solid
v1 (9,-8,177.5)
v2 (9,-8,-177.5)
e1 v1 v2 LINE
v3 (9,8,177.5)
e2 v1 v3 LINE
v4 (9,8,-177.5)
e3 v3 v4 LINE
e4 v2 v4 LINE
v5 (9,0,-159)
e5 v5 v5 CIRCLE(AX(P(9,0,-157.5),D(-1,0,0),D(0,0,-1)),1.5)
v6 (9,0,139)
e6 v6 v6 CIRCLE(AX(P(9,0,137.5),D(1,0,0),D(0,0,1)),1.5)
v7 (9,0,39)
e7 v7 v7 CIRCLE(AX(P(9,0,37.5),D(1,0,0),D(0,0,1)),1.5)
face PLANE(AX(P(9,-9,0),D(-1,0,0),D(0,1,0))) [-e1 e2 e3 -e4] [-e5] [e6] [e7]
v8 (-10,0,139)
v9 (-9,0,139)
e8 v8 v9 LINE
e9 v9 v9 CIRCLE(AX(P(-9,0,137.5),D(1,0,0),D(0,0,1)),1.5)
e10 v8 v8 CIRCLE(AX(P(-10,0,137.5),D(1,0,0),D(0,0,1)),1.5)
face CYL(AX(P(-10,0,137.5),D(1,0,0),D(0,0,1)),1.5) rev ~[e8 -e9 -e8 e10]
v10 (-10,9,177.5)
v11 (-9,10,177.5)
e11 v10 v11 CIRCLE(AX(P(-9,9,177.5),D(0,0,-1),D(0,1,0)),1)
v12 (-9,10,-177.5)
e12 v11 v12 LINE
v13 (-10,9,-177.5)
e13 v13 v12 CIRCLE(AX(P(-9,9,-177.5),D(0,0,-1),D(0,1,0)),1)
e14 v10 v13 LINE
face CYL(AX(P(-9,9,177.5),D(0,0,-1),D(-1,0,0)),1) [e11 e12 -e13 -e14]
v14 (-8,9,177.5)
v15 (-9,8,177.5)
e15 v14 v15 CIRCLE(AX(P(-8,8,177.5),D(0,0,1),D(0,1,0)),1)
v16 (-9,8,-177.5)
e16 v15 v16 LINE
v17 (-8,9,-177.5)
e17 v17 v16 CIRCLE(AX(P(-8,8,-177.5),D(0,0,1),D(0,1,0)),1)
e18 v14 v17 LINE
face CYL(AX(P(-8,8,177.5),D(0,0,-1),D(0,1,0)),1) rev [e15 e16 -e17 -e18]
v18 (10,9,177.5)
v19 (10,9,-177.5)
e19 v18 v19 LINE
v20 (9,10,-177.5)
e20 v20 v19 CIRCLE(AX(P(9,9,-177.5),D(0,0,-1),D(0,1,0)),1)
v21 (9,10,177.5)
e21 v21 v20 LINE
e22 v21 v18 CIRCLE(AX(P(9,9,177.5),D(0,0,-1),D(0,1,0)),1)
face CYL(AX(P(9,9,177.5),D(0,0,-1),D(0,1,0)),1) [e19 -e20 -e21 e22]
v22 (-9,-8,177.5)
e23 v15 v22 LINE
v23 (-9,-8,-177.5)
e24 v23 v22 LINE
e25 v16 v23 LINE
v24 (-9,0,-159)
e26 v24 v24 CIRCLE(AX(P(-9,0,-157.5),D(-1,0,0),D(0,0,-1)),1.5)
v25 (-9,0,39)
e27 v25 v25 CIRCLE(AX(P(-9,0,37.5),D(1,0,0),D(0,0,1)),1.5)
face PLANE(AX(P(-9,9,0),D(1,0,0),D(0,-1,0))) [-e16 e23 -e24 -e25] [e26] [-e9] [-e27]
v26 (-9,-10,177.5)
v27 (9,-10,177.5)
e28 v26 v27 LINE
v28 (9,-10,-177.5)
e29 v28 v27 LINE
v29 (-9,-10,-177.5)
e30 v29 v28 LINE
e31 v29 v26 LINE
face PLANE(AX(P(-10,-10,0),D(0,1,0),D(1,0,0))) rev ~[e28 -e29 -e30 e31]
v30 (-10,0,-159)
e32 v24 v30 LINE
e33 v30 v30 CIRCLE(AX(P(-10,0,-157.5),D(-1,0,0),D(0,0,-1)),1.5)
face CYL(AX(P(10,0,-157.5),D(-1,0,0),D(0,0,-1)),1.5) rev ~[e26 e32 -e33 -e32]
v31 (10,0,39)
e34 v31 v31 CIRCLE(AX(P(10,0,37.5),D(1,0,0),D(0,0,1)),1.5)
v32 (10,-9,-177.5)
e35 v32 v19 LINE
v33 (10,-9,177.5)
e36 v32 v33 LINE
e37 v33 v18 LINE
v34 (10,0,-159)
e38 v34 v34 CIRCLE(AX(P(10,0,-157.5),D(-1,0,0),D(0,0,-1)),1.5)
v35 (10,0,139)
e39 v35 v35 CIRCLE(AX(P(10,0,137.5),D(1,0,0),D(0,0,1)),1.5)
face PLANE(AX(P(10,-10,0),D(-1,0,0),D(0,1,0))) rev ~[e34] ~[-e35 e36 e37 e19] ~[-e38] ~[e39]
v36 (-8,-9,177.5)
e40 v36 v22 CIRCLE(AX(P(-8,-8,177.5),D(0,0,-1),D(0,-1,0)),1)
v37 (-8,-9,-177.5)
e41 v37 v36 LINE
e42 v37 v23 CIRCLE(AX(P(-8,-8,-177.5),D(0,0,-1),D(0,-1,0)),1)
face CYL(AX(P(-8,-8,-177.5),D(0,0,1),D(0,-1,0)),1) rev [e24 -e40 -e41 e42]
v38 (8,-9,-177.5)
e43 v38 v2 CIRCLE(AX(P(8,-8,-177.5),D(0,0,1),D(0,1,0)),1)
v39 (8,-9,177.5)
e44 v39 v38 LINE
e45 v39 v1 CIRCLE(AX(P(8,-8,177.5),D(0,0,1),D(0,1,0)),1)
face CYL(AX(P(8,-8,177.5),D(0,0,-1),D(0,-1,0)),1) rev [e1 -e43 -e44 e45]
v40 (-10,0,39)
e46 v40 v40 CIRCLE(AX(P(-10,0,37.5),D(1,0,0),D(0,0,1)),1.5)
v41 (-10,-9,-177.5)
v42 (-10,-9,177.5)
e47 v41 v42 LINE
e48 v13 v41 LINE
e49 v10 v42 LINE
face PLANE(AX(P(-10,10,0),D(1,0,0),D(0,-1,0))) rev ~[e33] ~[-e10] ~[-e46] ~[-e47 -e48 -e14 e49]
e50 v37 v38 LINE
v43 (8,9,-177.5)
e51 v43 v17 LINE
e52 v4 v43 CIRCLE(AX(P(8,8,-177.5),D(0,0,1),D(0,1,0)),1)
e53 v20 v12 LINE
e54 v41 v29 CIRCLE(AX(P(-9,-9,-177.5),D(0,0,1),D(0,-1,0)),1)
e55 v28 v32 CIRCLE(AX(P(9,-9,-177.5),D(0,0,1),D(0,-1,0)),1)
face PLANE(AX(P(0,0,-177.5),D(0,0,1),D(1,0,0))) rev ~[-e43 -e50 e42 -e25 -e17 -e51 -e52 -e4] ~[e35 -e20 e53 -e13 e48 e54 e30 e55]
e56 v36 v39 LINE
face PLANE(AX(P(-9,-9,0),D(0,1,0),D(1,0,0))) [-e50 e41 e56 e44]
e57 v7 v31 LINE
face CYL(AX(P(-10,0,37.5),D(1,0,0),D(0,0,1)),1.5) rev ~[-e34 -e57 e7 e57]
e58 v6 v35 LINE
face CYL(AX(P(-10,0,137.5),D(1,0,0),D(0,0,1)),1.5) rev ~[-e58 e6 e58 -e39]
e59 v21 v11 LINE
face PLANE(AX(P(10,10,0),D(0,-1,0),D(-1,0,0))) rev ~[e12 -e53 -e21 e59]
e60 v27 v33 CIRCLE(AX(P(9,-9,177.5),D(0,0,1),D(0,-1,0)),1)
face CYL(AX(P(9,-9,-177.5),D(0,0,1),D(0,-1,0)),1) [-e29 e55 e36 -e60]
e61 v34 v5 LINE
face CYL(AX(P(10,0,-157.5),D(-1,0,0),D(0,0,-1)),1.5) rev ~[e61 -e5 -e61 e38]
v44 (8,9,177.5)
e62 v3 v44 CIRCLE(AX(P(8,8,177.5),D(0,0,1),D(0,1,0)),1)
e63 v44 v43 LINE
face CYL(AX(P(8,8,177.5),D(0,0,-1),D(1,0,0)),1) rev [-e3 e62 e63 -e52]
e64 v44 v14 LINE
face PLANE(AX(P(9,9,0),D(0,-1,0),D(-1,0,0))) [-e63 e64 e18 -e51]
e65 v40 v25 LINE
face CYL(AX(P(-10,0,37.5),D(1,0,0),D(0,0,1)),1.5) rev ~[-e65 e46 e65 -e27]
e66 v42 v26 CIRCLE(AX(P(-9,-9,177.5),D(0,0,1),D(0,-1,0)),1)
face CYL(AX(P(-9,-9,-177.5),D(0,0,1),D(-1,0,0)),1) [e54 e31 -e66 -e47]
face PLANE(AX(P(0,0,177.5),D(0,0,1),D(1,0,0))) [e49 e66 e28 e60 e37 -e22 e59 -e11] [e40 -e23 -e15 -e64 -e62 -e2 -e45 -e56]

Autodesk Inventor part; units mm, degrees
ref_plane "YZ Plane" through (0, 0, 0) normal (1, 0, 0) x (0, 1, 0)
ref_plane "XZ Plane" through (0, 0, 0) normal (0, 1, 0) x (-1, 0, 0)
ref_plane "XY Plane" through (0, 0, 0) normal (0, 0, 1) x (1, 0, 0)
sketch "Náčrt1" plane through (0, 0, 0) normal (0, 0, 1) x (1, 0, 0)
  line L0 (-10, -10) -> (10, -10)
  line L1 (10, -10) -> (10, 10)
  line L2 (10, 10) -> (-10, 10)
  line L3 (-10, 10) -> (-10, -10)
  line L4 (-10, -10) -> (10, 10) construction
  line L5 (10, -10) -> (-10, 10) construction
  line L6 (-9, -9) -> (9, -9)
  line L7 (9, -9) -> (9, 9)
  line L8 (9, 9) -> (-9, 9)
  line L9 (-9, 9) -> (-9, -9)
  line L10 (-9, -9) -> (9, 9) construction
  line L11 (9, -9) -> (-9, 9) construction
  point P0 (0, 0)
  dimension "d0" = 20
  dimension "d1" = 20
  dimension "d2" = 18
  dimension "d3" = 18
extrude "Vysunutí1" add sketch "Náčrt1" along normal mid plane 355
fillet "Zaoblení1" radius 1 8 edges at (-9, -9, 0) (9, -9, 0) (9, 9, 0) (-9, 9, 0) (10, -10, 0) (10, 10, 0) (-10, 10, 0) (-10, -10, 0)
sketch "Náčrt2" plane through (10, -9, 177.5) normal (1, 0, 0) x (0, 0, -1)
  line L0 (355, 18) -> (355, 0) projected
  line L1 (0, -1) -> (355, -1) projected
  point P0 (177.5, 9)
  point P1 (335, 9)
  point P2 (355, 9)
  dimension "d7" = 20
  dimension "d8" = 10
hole "Díra1" at (10, 0, -157.5) direction (-1, 0, 0) diameter 3 end through all
sketch "Náčrt3" plane through (-10, -9, 177.5) normal (-1, 0, 0) x (0, 0, 1)
  line L0 (0, 18) -> (0, 0) projected
  line L1 (-355, -1) -> (0, -1) projected
  point P0 (-177.5, 9)
  point P1 (-40, 9)
  point P2 (-140, 9)
  dimension "d16" = 40
  dimension "d17" = 10
  dimension "d18" = 100
  dimension "d19" = 10
hole "Díra2" at (-10, 0, 137.5) at (-10, 0, 37.5) direction (1, 0, 0) diameter 3 end through all
properties part number "Hlavni_pater"
